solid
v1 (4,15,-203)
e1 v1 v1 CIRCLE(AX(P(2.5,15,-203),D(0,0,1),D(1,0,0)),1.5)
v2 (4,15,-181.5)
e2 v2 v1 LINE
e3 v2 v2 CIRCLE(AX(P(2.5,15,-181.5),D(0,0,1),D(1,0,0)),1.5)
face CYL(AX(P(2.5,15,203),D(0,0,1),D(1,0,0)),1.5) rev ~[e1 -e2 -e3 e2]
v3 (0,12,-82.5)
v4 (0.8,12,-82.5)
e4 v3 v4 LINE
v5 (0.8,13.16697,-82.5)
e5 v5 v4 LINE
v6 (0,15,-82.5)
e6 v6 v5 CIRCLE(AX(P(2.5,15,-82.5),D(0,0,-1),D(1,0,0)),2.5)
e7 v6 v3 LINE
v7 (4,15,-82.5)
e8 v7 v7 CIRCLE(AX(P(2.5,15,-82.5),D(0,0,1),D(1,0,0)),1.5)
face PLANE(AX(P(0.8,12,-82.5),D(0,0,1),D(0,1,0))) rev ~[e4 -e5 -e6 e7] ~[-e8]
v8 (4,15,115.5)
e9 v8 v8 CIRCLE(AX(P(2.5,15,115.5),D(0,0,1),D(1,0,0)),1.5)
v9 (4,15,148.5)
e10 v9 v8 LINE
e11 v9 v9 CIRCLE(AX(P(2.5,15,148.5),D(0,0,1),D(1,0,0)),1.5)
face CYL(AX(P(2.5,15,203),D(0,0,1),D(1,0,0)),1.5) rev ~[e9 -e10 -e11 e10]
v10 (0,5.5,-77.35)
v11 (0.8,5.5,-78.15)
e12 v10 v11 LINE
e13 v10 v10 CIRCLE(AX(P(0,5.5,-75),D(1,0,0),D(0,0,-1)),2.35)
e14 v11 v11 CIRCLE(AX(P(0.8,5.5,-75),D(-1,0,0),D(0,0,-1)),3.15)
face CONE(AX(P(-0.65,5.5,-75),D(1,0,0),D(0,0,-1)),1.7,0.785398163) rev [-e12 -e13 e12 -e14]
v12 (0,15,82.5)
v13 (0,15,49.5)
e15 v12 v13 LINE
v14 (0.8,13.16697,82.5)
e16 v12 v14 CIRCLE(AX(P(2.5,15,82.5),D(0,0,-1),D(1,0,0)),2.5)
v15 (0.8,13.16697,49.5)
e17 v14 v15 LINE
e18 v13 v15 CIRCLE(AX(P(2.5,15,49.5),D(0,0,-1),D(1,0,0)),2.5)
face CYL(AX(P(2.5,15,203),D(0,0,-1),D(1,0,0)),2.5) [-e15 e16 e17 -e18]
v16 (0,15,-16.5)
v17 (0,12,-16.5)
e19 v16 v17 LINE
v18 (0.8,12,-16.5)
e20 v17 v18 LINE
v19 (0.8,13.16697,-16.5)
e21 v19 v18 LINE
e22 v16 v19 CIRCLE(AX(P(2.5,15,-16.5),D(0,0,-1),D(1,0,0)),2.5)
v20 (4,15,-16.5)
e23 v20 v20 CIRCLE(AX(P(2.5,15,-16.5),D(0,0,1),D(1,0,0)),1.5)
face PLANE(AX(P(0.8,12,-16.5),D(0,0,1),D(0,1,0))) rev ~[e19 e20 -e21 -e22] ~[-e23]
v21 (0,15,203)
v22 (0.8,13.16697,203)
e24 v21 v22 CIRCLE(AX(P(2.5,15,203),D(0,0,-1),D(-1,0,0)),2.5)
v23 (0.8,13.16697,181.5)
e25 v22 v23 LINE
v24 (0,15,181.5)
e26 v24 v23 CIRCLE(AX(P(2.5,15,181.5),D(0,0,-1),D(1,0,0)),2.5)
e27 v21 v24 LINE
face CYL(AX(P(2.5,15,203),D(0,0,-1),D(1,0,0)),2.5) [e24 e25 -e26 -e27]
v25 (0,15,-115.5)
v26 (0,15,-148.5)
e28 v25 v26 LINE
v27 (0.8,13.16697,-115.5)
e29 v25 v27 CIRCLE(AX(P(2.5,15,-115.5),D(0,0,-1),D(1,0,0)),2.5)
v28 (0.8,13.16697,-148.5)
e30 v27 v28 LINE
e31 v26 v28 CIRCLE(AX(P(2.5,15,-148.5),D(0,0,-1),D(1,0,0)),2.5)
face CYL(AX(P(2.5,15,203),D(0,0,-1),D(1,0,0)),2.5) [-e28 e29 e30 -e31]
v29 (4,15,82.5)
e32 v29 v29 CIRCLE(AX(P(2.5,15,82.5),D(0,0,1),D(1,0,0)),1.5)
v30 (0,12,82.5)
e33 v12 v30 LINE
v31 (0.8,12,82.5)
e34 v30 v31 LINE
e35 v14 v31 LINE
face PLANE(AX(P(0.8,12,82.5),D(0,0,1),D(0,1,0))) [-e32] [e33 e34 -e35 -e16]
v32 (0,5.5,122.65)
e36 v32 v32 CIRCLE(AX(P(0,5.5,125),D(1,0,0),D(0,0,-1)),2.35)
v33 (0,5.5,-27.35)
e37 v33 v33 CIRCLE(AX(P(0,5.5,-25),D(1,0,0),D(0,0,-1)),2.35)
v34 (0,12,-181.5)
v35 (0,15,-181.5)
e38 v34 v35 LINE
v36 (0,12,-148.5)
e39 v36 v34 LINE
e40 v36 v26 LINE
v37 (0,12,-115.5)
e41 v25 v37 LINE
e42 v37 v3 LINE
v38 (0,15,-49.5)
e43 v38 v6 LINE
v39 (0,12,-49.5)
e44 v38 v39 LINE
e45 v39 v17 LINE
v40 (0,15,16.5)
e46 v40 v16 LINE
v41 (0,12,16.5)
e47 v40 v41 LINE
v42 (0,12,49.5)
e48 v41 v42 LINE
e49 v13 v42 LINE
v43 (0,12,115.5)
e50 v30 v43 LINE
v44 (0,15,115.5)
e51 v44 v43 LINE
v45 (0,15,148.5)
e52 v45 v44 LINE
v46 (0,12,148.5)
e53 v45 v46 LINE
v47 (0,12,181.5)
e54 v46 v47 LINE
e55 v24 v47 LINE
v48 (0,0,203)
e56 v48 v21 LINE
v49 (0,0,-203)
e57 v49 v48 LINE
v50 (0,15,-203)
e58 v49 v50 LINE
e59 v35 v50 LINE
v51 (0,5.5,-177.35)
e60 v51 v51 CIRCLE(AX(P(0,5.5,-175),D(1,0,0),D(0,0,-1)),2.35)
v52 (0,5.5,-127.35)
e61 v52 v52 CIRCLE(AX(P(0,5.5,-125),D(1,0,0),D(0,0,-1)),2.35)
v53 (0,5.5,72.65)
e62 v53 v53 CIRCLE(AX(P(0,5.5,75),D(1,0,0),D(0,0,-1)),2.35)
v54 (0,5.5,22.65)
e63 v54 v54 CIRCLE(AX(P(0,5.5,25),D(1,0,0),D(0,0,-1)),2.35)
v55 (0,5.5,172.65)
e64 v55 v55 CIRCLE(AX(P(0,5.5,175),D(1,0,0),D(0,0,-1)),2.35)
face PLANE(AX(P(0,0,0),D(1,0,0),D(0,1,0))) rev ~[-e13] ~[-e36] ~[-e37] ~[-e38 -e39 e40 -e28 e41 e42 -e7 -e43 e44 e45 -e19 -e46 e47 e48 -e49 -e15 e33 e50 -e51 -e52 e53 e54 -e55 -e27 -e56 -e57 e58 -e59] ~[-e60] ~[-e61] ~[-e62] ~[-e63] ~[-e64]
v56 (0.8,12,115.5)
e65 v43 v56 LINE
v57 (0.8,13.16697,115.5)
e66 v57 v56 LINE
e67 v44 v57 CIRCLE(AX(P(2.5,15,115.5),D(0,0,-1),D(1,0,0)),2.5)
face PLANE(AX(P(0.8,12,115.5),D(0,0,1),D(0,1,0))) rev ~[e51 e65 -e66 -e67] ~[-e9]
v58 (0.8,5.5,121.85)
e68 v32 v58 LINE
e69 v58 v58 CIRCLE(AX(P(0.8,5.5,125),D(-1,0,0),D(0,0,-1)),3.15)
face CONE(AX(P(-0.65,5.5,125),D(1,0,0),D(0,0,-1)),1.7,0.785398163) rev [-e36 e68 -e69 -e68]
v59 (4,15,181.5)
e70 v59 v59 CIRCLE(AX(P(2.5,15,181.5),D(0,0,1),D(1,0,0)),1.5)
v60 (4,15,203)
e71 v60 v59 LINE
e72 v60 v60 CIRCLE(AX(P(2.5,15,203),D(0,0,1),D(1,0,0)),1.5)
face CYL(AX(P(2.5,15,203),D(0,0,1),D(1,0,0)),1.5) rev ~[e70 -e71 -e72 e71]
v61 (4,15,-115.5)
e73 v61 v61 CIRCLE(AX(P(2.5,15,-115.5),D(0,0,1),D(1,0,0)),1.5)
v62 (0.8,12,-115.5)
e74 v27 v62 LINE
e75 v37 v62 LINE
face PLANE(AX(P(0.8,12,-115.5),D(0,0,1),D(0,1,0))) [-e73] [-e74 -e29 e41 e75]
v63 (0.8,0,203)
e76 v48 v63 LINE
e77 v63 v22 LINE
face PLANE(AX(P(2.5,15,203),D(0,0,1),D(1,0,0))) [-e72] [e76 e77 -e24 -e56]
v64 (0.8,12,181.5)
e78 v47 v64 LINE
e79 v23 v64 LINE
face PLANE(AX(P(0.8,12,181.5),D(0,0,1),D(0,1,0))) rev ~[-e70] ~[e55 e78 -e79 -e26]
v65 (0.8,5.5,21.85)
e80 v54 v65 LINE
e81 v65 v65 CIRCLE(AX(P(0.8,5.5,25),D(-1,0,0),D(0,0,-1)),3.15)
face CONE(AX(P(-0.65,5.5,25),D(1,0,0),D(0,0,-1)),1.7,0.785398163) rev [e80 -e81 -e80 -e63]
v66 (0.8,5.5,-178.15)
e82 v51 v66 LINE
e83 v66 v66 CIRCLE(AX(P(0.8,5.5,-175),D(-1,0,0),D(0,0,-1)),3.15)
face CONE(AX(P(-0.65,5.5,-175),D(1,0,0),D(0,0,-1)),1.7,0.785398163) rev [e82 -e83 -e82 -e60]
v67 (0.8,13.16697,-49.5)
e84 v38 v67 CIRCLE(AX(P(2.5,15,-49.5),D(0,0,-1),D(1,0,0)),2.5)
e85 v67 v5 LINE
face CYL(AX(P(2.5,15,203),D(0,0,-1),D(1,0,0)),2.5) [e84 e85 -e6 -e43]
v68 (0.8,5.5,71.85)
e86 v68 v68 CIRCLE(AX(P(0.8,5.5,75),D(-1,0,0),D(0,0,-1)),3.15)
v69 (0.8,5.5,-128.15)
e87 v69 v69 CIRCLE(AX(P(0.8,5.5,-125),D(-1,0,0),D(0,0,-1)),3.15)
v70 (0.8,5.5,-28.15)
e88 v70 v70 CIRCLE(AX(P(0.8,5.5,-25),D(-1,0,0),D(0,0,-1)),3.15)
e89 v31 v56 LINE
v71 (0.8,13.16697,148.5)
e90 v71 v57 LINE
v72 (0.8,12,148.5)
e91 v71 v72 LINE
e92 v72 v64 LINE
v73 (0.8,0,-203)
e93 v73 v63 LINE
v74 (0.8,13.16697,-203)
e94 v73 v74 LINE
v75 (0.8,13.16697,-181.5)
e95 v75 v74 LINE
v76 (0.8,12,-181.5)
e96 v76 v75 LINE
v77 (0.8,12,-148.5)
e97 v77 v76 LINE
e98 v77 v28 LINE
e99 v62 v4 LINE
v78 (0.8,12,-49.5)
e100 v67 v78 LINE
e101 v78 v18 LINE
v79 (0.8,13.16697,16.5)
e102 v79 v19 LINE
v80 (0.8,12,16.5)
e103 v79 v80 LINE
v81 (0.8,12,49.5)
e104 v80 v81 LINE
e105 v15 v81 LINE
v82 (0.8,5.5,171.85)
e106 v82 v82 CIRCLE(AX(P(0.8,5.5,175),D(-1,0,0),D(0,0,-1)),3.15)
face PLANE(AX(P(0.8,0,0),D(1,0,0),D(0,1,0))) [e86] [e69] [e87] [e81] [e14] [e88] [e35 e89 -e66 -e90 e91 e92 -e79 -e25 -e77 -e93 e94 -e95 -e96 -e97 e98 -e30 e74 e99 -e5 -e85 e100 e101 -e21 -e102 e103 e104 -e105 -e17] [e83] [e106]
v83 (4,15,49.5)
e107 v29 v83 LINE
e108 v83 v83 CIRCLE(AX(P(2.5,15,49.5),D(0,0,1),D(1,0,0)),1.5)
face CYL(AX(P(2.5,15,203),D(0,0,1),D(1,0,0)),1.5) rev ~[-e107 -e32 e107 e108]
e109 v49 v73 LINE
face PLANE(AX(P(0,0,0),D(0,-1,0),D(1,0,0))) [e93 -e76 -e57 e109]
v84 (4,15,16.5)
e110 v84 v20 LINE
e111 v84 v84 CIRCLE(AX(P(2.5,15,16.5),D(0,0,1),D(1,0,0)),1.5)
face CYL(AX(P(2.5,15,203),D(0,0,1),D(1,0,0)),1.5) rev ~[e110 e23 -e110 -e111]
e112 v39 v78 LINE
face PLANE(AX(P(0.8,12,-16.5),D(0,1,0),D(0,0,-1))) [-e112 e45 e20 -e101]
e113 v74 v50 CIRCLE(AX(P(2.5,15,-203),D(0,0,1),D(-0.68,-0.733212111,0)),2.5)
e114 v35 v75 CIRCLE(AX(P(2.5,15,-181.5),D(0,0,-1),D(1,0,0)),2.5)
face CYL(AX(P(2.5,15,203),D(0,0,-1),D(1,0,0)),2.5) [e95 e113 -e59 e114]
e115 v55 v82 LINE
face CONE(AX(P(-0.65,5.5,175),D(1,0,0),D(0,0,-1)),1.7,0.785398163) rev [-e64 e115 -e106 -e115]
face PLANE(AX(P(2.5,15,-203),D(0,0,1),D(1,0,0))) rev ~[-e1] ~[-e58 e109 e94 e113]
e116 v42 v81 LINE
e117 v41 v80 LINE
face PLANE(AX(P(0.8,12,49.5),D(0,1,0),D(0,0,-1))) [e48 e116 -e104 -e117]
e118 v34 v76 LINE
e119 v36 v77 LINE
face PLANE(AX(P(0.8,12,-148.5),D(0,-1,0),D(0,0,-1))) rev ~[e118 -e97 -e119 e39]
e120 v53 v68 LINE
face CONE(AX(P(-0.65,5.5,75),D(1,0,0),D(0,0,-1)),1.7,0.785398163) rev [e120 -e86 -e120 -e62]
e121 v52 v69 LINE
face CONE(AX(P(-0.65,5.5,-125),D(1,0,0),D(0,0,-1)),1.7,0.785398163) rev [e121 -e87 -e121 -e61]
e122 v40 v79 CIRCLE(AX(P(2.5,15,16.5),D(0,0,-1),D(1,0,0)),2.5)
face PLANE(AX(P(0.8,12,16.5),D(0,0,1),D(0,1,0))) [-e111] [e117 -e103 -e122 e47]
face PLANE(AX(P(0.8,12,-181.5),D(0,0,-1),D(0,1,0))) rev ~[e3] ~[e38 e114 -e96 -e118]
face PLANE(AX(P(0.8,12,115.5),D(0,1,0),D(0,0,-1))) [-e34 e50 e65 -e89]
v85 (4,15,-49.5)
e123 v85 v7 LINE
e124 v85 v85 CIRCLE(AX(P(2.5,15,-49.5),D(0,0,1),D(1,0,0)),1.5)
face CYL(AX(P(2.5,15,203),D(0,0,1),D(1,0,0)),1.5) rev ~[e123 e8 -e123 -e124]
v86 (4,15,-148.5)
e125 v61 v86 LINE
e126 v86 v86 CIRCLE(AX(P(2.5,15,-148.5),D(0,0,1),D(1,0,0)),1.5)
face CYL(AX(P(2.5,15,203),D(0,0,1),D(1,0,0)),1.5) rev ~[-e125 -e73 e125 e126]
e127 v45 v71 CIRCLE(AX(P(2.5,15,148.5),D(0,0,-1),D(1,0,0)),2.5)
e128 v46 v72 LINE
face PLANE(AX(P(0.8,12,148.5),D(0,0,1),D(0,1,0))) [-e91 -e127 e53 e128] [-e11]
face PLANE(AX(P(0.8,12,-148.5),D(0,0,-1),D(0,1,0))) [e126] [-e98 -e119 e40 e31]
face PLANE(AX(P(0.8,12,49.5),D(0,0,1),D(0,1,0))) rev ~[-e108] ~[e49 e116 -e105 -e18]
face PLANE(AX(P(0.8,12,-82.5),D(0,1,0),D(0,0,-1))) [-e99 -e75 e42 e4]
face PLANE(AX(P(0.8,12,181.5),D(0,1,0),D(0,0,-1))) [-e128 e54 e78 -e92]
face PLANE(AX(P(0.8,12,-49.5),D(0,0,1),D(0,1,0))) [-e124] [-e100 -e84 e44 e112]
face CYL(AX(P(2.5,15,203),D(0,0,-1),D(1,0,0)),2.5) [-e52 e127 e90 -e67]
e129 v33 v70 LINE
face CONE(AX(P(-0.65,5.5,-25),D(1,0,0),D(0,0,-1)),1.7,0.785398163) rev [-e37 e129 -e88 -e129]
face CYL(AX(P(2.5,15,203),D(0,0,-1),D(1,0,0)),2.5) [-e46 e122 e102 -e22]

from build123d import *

# Parameters (mm, degrees)
SKETCH_1_W             = 0.8
SKETCH_1_H             = 15
EXTRUDE_1_DEPTH        = 203
SKETCH_2_R             = 2.5
SKETCH_3_R             = 1.5
CUT_EXTRUDE_1_DEPTH    = 407.407738607
SKETCH_10_W            = 33
SKETCH_10_H            = 6
CUT_EXTRUDE_4_DEPTH    = 60
PATTERN_LINEAR_1_COUNT = 8
PATTERN_LINEAR_1_PITCH = 50


with BuildPart() as part:
    # 草图1 → 拉伸-薄壁1 (new, symmetric)
    with BuildSketch(Plane.XY):
        with Locations((0.4, 7.5)):
            Rectangle(SKETCH_1_W, SKETCH_1_H)
    extrude(amount=EXTRUDE_1_DEPTH, both=True)

    # 扫描1: sweep along a curve in space
    with BuildLine() as sweep_1_path:
        Line((0.8, 15, 203), (0.8, 15, -203))
    # 草图2 → 扫描1 (sweep)
    with BuildSketch(Plane.XY.offset(203)):
        with Locations((2.5, 15)):
            Circle(SKETCH_2_R)
    sweep(path=sweep_1_path.line)

    # 草图3 → 切除-拉伸1 (cut, through all)
    with BuildSketch(Plane.XY.offset(203)):
        with Locations((2.5, 15)):
            Circle(SKETCH_3_R)
    extrude(amount=-CUT_EXTRUDE_1_DEPTH, mode=Mode.SUBTRACT)

    # 草图10 → 切除-拉伸4 (cut, symmetric)
    with BuildSketch(Plane(origin=(0.8, 0, 0), x_dir=(0, 0, -1), z_dir=(1, 0, 0))):
        with Locations((-165, 15)):
            Rectangle(SKETCH_10_W, SKETCH_10_H)
        with Locations((-99, 15)):
            Rectangle(SKETCH_10_W, SKETCH_10_H)
        with Locations((-33, 15)):
            Rectangle(SKETCH_10_W, SKETCH_10_H)
        with Locations((33, 15)):
            Rectangle(SKETCH_10_W, SKETCH_10_H)
        with Locations((99, 15)):
            Rectangle(SKETCH_10_W, SKETCH_10_H)
        with Locations((165, 15)):
            Rectangle(SKETCH_10_W, SKETCH_10_H)
    extrude(amount=CUT_EXTRUDE_4_DEPTH, both=True, mode=Mode.SUBTRACT)

    # 草图12 → M3 锥坑平头螺钉的锥形沉头孔2 (revolve, cut)
    with BuildSketch(Plane(origin=(0.8, 5.5, -175), x_dir=(0, 0, -1), z_dir=(0, 1, 0))):
        Polygon((0, 0), (0, 0.8), (1.7, 0.8), (1.7, 1.45), (3.15, 0), align=None)
    hole_wizard_m3_2 = revolve(axis=Axis((7.15, 5.5, -175), (-1, 0, 0)), mode=Mode.SUBTRACT)

    # 阵列(线性)1: M3 锥坑平头螺钉的锥形沉头孔2 ×8
    with Locations(*[(0, 0, i * PATTERN_LINEAR_1_PITCH) for i in range(1, PATTERN_LINEAR_1_COUNT)]):
        add(hole_wizard_m3_2, mode=Mode.SUBTRACT)


solid = part.part
